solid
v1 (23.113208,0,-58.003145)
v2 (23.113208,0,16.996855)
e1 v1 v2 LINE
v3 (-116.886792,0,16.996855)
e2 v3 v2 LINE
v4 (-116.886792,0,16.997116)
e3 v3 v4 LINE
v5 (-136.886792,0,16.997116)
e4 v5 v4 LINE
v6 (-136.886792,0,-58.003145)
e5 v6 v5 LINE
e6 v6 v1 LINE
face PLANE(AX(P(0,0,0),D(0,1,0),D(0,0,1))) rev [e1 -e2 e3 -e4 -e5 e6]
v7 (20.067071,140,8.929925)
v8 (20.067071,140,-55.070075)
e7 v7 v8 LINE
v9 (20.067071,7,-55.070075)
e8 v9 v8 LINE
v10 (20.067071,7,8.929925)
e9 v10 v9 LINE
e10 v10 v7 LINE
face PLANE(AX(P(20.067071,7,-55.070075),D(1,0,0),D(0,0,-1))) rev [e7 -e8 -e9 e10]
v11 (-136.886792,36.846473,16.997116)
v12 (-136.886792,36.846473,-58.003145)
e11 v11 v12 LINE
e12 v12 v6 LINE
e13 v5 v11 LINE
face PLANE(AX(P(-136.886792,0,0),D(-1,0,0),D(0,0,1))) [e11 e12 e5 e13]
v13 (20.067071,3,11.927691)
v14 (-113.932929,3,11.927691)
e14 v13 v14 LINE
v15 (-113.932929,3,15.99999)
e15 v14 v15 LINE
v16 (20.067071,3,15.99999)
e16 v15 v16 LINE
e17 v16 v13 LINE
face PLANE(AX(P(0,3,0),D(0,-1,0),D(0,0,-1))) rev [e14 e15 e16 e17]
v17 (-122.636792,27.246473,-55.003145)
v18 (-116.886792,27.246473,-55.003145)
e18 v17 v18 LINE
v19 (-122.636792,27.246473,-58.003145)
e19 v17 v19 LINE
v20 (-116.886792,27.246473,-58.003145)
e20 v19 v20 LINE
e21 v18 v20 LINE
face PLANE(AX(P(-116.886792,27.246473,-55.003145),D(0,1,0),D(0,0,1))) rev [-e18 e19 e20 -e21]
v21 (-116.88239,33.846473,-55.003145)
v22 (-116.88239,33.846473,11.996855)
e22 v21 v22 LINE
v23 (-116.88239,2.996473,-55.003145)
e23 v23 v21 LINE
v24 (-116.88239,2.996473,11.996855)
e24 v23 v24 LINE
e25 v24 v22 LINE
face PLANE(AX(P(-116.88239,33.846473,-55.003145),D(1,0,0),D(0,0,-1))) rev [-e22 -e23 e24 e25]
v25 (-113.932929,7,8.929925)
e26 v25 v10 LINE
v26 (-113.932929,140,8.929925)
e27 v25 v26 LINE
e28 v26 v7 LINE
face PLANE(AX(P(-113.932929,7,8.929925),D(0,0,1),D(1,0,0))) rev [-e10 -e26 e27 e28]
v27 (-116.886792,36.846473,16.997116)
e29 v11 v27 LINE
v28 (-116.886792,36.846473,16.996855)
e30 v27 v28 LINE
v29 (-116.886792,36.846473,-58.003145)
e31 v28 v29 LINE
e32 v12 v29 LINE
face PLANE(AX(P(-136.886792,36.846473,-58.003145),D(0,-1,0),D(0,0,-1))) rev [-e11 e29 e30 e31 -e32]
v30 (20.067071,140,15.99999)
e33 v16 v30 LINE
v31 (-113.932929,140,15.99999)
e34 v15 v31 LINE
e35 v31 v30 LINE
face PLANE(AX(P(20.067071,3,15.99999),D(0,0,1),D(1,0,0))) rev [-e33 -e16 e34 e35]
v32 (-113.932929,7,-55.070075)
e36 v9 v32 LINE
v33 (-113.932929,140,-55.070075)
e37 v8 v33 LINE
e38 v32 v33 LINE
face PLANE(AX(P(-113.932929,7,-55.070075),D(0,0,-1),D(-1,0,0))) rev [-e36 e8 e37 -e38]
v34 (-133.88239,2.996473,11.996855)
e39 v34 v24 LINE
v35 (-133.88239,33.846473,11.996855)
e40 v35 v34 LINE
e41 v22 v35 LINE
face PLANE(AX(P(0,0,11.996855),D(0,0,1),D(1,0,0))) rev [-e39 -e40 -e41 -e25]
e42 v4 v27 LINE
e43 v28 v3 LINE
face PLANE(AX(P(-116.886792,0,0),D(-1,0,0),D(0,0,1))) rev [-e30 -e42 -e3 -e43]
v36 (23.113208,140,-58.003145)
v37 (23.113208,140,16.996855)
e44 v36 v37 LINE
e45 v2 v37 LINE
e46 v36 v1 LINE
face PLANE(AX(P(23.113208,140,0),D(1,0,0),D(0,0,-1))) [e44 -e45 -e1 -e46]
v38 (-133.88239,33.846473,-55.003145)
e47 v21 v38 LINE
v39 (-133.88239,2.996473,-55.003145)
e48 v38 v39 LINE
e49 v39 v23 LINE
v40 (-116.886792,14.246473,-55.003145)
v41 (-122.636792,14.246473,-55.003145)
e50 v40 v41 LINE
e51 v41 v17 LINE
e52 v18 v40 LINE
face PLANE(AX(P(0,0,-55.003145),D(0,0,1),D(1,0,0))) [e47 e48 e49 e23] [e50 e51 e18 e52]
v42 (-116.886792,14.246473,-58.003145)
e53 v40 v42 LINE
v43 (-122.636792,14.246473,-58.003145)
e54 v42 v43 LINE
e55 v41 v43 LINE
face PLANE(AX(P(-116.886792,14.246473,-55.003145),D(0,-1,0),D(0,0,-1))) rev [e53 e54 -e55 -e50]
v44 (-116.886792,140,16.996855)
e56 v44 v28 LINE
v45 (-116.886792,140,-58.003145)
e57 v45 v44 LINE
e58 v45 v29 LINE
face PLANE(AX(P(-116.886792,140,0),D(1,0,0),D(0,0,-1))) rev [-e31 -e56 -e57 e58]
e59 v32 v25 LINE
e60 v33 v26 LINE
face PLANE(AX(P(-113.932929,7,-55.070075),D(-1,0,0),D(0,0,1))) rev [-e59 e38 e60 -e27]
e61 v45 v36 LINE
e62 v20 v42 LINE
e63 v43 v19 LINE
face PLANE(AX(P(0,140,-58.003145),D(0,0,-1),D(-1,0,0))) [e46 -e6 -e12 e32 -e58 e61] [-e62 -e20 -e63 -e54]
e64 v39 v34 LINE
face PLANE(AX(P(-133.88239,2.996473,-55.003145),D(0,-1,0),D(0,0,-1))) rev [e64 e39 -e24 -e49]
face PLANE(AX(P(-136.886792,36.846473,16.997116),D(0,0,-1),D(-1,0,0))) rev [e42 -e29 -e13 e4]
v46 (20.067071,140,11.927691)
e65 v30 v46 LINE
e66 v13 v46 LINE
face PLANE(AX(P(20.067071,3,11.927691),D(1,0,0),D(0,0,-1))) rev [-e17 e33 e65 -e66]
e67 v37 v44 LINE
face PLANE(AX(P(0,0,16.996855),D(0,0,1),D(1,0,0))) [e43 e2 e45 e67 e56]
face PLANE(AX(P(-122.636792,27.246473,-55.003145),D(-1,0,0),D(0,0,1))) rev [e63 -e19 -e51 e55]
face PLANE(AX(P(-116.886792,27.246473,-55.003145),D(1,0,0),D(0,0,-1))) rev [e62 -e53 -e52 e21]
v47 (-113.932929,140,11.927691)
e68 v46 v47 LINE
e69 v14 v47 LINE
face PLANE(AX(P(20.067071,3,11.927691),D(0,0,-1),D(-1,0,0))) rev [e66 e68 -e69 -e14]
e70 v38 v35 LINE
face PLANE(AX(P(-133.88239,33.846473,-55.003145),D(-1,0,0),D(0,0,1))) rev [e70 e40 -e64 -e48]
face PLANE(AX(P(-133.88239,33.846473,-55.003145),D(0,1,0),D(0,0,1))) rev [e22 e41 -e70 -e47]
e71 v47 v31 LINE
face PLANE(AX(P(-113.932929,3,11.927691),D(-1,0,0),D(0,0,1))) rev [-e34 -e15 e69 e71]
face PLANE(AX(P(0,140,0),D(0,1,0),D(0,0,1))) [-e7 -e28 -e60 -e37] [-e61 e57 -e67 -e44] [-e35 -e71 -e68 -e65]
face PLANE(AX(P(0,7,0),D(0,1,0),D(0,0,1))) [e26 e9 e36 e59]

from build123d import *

# Parameters (mm, degrees)
SKETCH1_W           = 140
SKETCH1_H           = 70
BOSS_EXTRUDE1_DEPTH = 140
SKETCH2_W           = 134
SKETCH2_H           = 64
CUT_EXTRUDE1_DEPTH  = 133
SKETCH5_W           = 75.000260503
SKETCH5_H           = 36.846473491
BOSS_EXTRUDE3_DEPTH = 20
SKETCH6_W           = 5.75
SKETCH6_H           = 13
CUT_EXTRUDE2_DEPTH  = 3
SKETCH9_W           = 17
SKETCH9_H           = 30.85
CUT_EXTRUDE3_DEPTH  = 67
SKETCH11_W          = 140
SKETCH11_H          = 140
BOSS_EXTRUDE5_DEPTH = 5
SKETCH15_W          = 134
SKETCH15_H          = 4.072298399
CUT_EXTRUDE4_DEPTH  = 137


with BuildPart() as part:
    # Sketch1 → Boss-Extrude1 (new body)
    with BuildSketch(Plane(origin=(0, 0, 0), x_dir=(1, 0, 0), z_dir=(0, 1, 0))):
        with Locations((-46.886792453, 23.003144654)):
            Rectangle(SKETCH1_W, SKETCH1_H)
    extrude(amount=BOSS_EXTRUDE1_DEPTH)

    # Sketch2 → Cut-Extrude1 (cut)
    with BuildSketch(Plane(origin=(0, 140, 0), x_dir=(1, 0, 0), z_dir=(0, 1, 0))):
        with Locations((-46.932929257, 23.070074841)):
            Rectangle(SKETCH2_W, SKETCH2_H)
    extrude(amount=-CUT_EXTRUDE1_DEPTH, mode=Mode.SUBTRACT)

    # Sketch5 → Boss-Extrude3 (add)
    with BuildSketch(Plane.ZY.offset(116.886792453)):
        with Locations((-20.503014402, 18.423236746)):
            Rectangle(SKETCH5_W, SKETCH5_H)
    extrude(amount=BOSS_EXTRUDE3_DEPTH)

    # Sketch6 → Cut-Extrude2 (cut)
    with BuildSketch(Plane(origin=(0, 0, -58.003144654), x_dir=(-1, 0, 0), z_dir=(0, 0, -1))):
        with Locations((119.761792453, 20.746473491)):
            Rectangle(SKETCH6_W, SKETCH6_H)
    extrude(amount=-CUT_EXTRUDE2_DEPTH, mode=Mode.SUBTRACT)

    # Sketch9 → Cut-Extrude3 (cut)
    with BuildSketch(Plane.XY.offset(11.996855346)):
        with Locations((-125.382389836, 18.421473491)):
            Rectangle(SKETCH9_W, SKETCH9_H)
    extrude(amount=-CUT_EXTRUDE3_DEPTH, mode=Mode.SUBTRACT)

    # Sketch11 → Boss-Extrude5 (add)
    with BuildSketch(Plane.XY.offset(11.996855346)):
        with Locations((-46.886792453, 70)):
            Rectangle(SKETCH11_W, SKETCH11_H)
    extrude(amount=BOSS_EXTRUDE5_DEPTH)

    # Sketch15 → Cut-Extrude4 (cut)
    with BuildSketch(Plane(origin=(0, 140, 0), x_dir=(1, 0, 0), z_dir=(0, 1, 0))):
        with Locations((-46.932929257, -13.963840405)):
            Rectangle(SKETCH15_W, SKETCH15_H)
    extrude(amount=-CUT_EXTRUDE4_DEPTH, mode=Mode.SUBTRACT)


solid = part.part
